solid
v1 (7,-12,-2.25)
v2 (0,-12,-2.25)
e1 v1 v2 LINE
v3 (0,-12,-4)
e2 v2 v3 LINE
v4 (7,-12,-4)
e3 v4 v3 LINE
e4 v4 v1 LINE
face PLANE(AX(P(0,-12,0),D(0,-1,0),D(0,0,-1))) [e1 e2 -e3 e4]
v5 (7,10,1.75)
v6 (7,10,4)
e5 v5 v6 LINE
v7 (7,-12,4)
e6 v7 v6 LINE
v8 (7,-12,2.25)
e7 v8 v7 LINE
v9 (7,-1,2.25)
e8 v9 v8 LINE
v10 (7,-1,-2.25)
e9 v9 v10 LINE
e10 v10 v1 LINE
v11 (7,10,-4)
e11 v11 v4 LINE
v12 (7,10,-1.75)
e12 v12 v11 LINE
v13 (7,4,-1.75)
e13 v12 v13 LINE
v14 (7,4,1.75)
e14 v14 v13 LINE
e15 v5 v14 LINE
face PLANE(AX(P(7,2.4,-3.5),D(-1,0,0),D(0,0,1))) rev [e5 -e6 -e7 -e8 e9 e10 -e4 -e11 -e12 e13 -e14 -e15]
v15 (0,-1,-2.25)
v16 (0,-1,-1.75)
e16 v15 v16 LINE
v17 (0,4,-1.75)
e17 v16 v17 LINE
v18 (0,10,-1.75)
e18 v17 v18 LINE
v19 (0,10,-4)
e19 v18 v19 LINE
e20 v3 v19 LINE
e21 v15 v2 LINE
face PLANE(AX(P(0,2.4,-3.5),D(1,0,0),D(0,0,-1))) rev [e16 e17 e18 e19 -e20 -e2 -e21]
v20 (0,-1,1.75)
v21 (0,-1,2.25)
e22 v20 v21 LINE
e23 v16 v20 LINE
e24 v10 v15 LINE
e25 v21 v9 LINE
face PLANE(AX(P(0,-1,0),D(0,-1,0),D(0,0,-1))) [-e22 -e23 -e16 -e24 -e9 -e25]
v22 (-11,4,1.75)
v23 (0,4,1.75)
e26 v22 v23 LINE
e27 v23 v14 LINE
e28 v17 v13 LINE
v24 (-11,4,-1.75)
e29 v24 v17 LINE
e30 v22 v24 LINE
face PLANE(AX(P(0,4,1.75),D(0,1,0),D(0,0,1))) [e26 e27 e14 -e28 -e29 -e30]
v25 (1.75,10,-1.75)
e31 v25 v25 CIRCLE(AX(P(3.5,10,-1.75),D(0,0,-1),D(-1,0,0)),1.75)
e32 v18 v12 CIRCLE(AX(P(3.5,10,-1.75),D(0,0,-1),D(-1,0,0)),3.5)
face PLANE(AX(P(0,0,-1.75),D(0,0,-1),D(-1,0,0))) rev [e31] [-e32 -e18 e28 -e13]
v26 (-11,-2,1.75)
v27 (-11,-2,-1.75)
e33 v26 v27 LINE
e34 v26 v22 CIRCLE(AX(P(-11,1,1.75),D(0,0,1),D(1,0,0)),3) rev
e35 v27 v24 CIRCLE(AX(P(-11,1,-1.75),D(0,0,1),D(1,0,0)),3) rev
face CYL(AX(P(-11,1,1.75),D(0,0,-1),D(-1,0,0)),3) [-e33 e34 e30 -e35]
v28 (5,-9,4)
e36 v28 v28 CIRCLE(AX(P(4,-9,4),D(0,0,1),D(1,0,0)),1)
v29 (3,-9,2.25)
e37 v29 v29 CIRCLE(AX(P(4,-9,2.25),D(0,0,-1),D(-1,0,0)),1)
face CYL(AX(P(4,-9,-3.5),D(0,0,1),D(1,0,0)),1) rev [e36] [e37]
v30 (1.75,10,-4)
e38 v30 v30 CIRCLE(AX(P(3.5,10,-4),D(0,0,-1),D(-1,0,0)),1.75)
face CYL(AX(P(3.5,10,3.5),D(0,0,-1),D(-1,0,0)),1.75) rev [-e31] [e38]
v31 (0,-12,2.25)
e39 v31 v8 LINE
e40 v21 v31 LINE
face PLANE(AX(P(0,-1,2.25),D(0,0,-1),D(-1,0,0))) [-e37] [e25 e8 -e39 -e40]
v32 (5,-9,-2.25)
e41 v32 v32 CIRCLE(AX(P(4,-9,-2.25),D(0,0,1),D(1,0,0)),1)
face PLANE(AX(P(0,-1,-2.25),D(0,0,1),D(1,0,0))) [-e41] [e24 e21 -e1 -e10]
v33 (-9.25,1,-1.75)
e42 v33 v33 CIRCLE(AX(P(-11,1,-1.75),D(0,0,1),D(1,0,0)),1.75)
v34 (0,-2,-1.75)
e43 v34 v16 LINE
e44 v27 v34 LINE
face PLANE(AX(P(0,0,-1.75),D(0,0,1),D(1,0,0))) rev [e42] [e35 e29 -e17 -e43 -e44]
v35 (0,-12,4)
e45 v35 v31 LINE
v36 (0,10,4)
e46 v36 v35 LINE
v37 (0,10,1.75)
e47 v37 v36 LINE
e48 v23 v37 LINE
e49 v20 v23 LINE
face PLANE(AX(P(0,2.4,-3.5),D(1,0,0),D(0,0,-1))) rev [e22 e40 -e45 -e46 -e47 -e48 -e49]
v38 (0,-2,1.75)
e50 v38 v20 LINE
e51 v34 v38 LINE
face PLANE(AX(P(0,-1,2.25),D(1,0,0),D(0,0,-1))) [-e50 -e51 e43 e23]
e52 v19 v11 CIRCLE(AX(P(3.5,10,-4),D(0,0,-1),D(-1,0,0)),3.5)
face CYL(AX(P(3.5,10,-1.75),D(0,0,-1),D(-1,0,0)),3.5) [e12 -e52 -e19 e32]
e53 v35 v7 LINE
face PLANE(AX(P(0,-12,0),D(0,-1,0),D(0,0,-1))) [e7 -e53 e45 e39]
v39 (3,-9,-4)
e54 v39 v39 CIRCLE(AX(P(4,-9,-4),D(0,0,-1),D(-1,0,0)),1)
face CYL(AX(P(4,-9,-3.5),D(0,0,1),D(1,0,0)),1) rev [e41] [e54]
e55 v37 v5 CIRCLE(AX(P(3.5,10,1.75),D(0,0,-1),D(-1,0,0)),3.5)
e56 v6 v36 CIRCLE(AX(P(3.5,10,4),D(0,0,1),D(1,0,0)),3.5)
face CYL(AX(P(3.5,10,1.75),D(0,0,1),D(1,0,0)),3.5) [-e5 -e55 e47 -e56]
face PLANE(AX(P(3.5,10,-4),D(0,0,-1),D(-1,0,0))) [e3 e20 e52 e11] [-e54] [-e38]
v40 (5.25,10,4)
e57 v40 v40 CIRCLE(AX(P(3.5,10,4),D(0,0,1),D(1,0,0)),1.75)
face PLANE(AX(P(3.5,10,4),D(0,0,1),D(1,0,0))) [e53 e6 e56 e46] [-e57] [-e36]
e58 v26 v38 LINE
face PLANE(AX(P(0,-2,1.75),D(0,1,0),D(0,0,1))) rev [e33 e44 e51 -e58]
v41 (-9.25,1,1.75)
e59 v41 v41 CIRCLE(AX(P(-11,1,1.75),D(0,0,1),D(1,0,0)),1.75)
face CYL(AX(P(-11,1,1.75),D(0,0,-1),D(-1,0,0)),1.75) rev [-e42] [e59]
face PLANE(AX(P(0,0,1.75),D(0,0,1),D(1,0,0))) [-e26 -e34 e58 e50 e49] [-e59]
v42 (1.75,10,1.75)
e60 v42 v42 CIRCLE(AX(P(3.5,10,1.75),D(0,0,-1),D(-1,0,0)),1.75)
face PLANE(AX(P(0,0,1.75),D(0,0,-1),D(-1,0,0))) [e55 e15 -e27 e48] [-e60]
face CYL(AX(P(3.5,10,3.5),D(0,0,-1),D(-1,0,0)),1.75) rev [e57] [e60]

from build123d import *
from build123d.topology import SkipClean

# Parameters (mm, degrees)
SKETCH_1_W          = 7
SKETCH_1_H          = 7
EXTRUDE_1_DEPTH     = 2.4
EXTRUDE_6_DEPTH     = 1.75
EXTRUDE_START       = -5.25
EXTRUDE_8_DEPTH     = 1.75
SKETCH_11_R         = 1.75
CUT_EXTRUDE_1_DEPTH = 17.740669043
SKETCH_17_W         = 7
SKETCH_17_H         = 7
EXTRUDE_10_DEPTH    = 12
SKETCH_15_R         = 1.75
EXTRUDE_9_DEPTH     = 1.75
SKETCH_12_R         = 1
CUT_EXTRUDE_2_DEPTH = 23.383029286
SKETCH_18_W         = 7
SKETCH_18_H         = 4.5
CUT_EXTRUDE_4_DEPTH = 11
SKETCH_19_R         = 1
SKETCH_19_R_2       = 1.75
EXTRUDE_11_DEPTH    = 0.5
EXTRUDE_START_2     = 0.5
SKETCH_20_R         = 1
SKETCH_20_R_2       = 1.75
EXTRUDE_12_DEPTH    = 0.5


with BuildPart() as part:
    # 草图1 → 凸台-拉伸1 (new body)
    with BuildSketch(Plane(origin=(0, 0, 0), x_dir=(1, 0, 0), z_dir=(0, 1, 0))):
        with Locations((3.5, 0)):
            Rectangle(SKETCH_1_W, SKETCH_1_H)
    extrude(amount=EXTRUDE_1_DEPTH)

    # 草图10 → 凸台-拉伸6 (add)
    with BuildSketch(Plane(origin=(0, 0, -3.5), x_dir=(-1, 0, 0), z_dir=(0, 0, -1))):
        with BuildLine():
            Line((-7, 10), (-7, 2.4))
            Line((-7, 2.4), (0, 2.4))
            Line((0, 2.4), (0, 10))
            ThreePointArc((0, 10), (-3.5, 13.5), (-7, 10))
        make_face()
    extrude(amount=-EXTRUDE_6_DEPTH)

    # 草图10<2> → 凸台-拉伸8 (add)
    with BuildSketch(Plane(origin=(0, 0, -3.5), x_dir=(-1, 0, 0), z_dir=(0, 0, -1)).offset(EXTRUDE_START)):
        with BuildLine():
            Line((-7, 10), (-7, 2.4))
            Line((-7, 2.4), (0, 2.4))
            Line((0, 2.4), (0, 10))
            ThreePointArc((0, 10), (-3.5, 13.5), (-7, 10))
        make_face()
    extrude(amount=-EXTRUDE_8_DEPTH)

    # 草图11 → 切除-拉伸1 (cut, through all)
    with BuildSketch(Plane(origin=(0, 0, -3.5), x_dir=(-1, 0, 0), z_dir=(0, 0, -1))):
        with Locations((-3.5, 10)):
            Circle(SKETCH_11_R)
    extrude(amount=-CUT_EXTRUDE_1_DEPTH, mode=Mode.SUBTRACT)

    # 草图17 → 凸台-拉伸10 (add)
    with BuildSketch(Plane.XZ):
        with Locations((3.5, 0)):
            Rectangle(SKETCH_17_W, SKETCH_17_H)
    extrude(amount=EXTRUDE_10_DEPTH)

    # 草图15 → 凸台-拉伸9 (add, symmetric)
    with BuildSketch(Plane.XY):
        with BuildLine():
            Line((7, 2.4), (7, 4))
            Line((7, 4), (-11, 4))
            ThreePointArc((-11, 4), (-14, 1), (-11, -2))
            Line((-11, -2), (7, -2))
            Line((7, -2), (7, 2.4))
        make_face()
        with Locations((-11, 1)):
            Circle(SKETCH_15_R, mode=Mode.SUBTRACT)
    extrude(amount=EXTRUDE_9_DEPTH, both=True)

    # 草图12 → 切除-拉伸2 (cut, through all)
    with BuildSketch(Plane(origin=(0, 4, 3.5), x_dir=(1, 0, 0), z_dir=(0, 0, -1))):
        with Locations((4, 13)):
            Circle(SKETCH_12_R)
    extrude(amount=CUT_EXTRUDE_2_DEPTH, mode=Mode.SUBTRACT)

    # 草图18 → 切除-拉伸4 (cut)
    with BuildSketch(Plane(origin=(7.4, -12, 0), x_dir=(1, 0, 0), z_dir=(0, 1, 0))):
        with Locations((-3.9, 0)):
            Rectangle(SKETCH_18_W, SKETCH_18_H)
    extrude(amount=CUT_EXTRUDE_4_DEPTH, mode=Mode.SUBTRACT)

    # 草图19 → 凸台-拉伸11 (add)
    with SkipClean():  # the faces are left unmerged after this step: merging them gives an invalid solid
        with BuildSketch(Plane.XY.offset(3.5)):
            with BuildLine():
                Line((0, 10), (0, -12))
                Line((0, -12), (7, -12))
                Line((7, -12), (7, 10))
                ThreePointArc((7, 10), (3.5, 13.5), (0, 10))
            make_face()
            with Locations((4, -9)):
                Circle(SKETCH_19_R, mode=Mode.SUBTRACT)
            with Locations((3.5, 10)):
                Circle(SKETCH_19_R_2, mode=Mode.SUBTRACT)
        extrude(amount=EXTRUDE_11_DEPTH)

    # 草图20 → 凸台-拉伸12 (add)
    with SkipClean():  # the faces are left unmerged after this step: merging them gives an invalid solid
        with BuildSketch(Plane(origin=(0, 0, -3.5), x_dir=(-1, 0, 0), z_dir=(0, 0, -1)).offset(EXTRUDE_START_2)):
            with BuildLine():
                Line((-7, 10), (-7, -12))
                Line((-7, -12), (0, -12))
                Line((0, -12), (0, 10))
                ThreePointArc((0, 10), (-3.5, 13.5), (-7, 10))
            make_face()
            with Locations((-4, -9)):
                Circle(SKETCH_20_R, mode=Mode.SUBTRACT)
            with Locations((-3.5, 10)):
                Circle(SKETCH_20_R_2, mode=Mode.SUBTRACT)
        extrude(amount=-EXTRUDE_12_DEPTH)


solid = part.part
